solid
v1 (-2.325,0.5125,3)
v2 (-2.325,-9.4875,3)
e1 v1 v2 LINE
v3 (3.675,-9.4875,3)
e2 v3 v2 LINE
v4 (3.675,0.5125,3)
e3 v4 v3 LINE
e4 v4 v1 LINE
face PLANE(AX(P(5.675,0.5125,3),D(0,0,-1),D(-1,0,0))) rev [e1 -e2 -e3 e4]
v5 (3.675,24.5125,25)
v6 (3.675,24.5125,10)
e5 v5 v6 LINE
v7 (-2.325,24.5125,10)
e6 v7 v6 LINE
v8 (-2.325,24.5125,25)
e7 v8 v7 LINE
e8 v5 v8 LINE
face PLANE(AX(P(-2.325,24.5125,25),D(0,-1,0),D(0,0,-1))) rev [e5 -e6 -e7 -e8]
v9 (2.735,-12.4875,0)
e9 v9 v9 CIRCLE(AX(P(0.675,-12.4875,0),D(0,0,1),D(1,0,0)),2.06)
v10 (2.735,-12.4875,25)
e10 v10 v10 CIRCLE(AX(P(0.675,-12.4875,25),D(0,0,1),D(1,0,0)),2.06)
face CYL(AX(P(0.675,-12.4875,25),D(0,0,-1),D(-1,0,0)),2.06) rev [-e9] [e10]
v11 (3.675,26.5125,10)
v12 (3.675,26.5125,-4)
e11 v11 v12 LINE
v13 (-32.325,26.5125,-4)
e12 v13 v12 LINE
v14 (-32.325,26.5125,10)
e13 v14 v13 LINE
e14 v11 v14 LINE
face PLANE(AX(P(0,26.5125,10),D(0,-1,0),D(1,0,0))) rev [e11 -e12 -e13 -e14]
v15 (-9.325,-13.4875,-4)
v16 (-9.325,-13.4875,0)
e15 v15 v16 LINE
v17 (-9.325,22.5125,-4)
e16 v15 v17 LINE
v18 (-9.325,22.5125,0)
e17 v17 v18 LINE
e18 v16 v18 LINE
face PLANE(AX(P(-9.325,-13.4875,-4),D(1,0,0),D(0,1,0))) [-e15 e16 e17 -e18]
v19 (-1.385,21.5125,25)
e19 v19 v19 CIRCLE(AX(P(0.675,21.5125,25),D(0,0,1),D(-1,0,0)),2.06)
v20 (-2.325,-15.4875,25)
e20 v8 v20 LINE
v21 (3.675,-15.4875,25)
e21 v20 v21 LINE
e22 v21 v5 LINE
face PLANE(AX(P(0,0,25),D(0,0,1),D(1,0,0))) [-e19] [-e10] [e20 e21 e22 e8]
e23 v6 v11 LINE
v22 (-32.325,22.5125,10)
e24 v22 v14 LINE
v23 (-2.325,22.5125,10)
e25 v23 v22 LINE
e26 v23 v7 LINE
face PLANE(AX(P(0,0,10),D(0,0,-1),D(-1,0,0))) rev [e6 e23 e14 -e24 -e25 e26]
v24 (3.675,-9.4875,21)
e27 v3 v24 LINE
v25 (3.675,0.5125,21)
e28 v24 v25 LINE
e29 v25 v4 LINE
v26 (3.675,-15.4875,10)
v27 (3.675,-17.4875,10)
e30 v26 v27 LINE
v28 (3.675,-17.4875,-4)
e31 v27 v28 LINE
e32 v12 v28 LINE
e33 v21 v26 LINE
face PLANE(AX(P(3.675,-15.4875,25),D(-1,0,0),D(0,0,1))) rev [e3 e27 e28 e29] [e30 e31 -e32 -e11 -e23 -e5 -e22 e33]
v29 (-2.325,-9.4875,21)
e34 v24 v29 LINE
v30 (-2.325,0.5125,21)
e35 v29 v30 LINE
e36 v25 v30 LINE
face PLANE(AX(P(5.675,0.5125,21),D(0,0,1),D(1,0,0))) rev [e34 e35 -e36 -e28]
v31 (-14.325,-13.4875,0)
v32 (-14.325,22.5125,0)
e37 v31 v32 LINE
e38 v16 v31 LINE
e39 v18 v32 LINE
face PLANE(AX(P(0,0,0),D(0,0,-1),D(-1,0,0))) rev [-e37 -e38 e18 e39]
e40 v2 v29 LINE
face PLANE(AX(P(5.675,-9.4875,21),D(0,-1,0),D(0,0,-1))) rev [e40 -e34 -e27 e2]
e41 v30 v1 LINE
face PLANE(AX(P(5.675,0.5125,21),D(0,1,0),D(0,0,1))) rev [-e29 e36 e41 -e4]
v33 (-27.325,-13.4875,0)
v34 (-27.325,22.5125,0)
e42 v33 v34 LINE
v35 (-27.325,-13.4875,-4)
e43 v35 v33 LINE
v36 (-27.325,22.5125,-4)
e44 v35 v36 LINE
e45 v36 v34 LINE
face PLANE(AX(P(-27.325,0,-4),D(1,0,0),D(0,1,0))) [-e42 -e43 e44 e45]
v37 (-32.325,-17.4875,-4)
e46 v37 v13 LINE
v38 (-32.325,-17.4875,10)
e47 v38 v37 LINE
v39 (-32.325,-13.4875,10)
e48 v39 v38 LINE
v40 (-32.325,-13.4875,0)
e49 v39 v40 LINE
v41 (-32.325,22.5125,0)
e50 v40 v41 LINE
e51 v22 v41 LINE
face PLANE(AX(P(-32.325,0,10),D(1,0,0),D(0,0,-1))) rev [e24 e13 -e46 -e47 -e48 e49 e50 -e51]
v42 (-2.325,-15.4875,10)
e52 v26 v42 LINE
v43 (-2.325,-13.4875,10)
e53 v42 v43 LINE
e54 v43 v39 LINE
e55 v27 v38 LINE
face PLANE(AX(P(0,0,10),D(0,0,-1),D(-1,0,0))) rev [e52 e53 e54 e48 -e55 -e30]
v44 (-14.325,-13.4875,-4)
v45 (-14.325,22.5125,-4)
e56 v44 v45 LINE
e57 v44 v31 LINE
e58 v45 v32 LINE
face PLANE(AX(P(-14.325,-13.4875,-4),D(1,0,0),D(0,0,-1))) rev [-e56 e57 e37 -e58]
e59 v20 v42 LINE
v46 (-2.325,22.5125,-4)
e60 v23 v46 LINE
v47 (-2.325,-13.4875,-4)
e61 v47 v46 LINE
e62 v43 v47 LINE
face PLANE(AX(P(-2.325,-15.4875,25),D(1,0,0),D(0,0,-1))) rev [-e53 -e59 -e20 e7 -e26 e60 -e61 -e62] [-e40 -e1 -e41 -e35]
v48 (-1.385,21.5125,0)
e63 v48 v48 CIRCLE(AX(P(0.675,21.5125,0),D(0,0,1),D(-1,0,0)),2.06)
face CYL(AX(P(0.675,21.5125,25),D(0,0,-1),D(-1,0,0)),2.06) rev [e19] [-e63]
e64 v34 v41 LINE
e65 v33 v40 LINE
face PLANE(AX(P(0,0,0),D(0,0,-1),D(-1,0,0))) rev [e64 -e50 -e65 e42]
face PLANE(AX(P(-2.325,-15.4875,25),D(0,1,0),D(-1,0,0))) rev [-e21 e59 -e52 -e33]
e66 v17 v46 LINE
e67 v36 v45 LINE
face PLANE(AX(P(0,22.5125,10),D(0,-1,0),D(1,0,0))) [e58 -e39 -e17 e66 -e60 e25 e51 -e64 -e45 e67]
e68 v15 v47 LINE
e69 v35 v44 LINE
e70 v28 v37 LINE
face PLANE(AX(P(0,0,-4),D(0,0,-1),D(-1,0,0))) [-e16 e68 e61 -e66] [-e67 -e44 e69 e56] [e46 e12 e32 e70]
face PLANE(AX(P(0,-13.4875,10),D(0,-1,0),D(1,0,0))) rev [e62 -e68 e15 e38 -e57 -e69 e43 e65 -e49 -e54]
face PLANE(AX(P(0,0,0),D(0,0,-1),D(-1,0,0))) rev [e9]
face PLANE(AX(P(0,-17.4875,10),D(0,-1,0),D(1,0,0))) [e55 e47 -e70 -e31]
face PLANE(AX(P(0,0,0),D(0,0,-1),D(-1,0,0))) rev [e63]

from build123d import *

# Parameters (mm, degrees)
SKETCH1_W           = 40
SKETCH1_H           = 6
SKETCH1_R           = 2.06
BOSS_EXTRUDE1_DEPTH = 25
BOSS_EXTRUDE2_DEPTH = 10
BOSS_EXTRUDE4_START = 4
SKETCH4_W           = 5
SKETCH4_H           = 36
BOSS_EXTRUDE4_DEPTH = 4
SKETCH5_W           = 10
SKETCH5_H           = 18
CUT_EXTRUDE1_DEPTH  = 8


with BuildPart() as part:
    # Sketch1 → Boss-Extrude1 (new body)
    with BuildSketch(Plane(origin=(0, 0, 0), x_dir=(0, 1, 0), z_dir=(0, 0, 1))):
        with Locations((4.5125, -0.675)):
            Rectangle(SKETCH1_W, SKETCH1_H)
        with Locations(Location((-12.4875, -0.675, 0), (0, 0, 270))):
            Circle(SKETCH1_R, mode=Mode.SUBTRACT)
        with Locations(Location((21.5125, -0.675, 0), (0, 0, 90))):
            Circle(SKETCH1_R, mode=Mode.SUBTRACT)
    extrude(amount=BOSS_EXTRUDE1_DEPTH)

    # Sketch2 → Boss-Extrude2 (add)
    with BuildSketch(Plane(origin=(0, 0, 0), x_dir=(1, 0, 0), z_dir=(0, 0, -1))):
        Polygon((-2.325, 15.4875), (3.675, 15.4875), (3.675, 17.4875), (-32.325, 17.4875), (-32.325, 13.4875), (-2.325, 13.4875), align=None)
        Polygon((3.675, -26.5125), (3.675, -24.5125), (-2.325, -24.5125), (-2.325, -22.5125), (-32.325, -22.5125), (-32.325, -26.5125), align=None)
    extrude(amount=-BOSS_EXTRUDE2_DEPTH)

    # Sketch4 → Boss-Extrude4 (add)
    with BuildSketch(Plane(origin=(0, 0, 0), x_dir=(1, 0, 0), z_dir=(0, 0, -1)).offset(BOSS_EXTRUDE4_START)):
        with BuildLine():
            Line((3.675, 17.4875), (-32.325, 17.4875))
            Line((-32.325, 17.4875), (-32.325, 13.4875))
            Line((-32.325, 13.4875), (-27.325, 13.4875))
            Line((-27.325, 13.4875), (-14.325, 13.4875))
            Line((-14.325, 13.4875), (-9.325, 13.4875))
            Line((-9.325, 13.4875), (-2.325, 13.4875))
            Line((-2.325, 13.4875), (-1.125999722, 13.4875))
            ThreePointArc((-1.125999722, 13.4875), (0.675, 14.5475), (2.475999722, 13.4875))
            Line((2.475999722, 13.4875), (3.675, 13.4875))
            Line((3.675, 13.4875), (3.675, 17.4875))
        make_face()
        with BuildLine():
            ThreePointArc((2.735, 12.4875), (2.669199016, 13.003998099), (2.475999722, 13.4875))
            Line((2.475999722, 13.4875), (-1.125999722, 13.4875))
            ThreePointArc((-1.125999722, 13.4875), (0.158501901, 10.493300984), (2.735, 12.4875))
        make_face()
        with BuildLine():
            Line((-1.125999722, 13.4875), (2.475999722, 13.4875))
            ThreePointArc((2.475999722, 13.4875), (0.675, 14.5475), (-1.125999722, 13.4875))
        make_face()
        with BuildLine():
            Line((3.675, -22.5125), (3.675, 13.4875))
            Line((3.675, 13.4875), (2.475999722, 13.4875))
            ThreePointArc((2.475999722, 13.4875), (2.669199016, 13.003998099), (2.735, 12.4875))
            ThreePointArc((2.735, 12.4875), (0.158501901, 10.493300984), (-1.125999722, 13.4875))
            Line((-1.125999722, 13.4875), (-2.325, 13.4875))
            Line((-2.325, 13.4875), (-2.325, -22.5125))
            Line((-2.325, -22.5125), (-1.125999722, -22.5125))
            ThreePointArc((-1.125999722, -22.5125), (0.158501901, -19.518300984), (2.735, -21.5125))
            ThreePointArc((2.735, -21.5125), (2.669199016, -22.028998099), (2.475999722, -22.5125))
            Line((2.475999722, -22.5125), (3.675, -22.5125))
        make_face()
        with BuildLine():
            ThreePointArc((-1.125999722, -22.5125), (0.675, -23.5725), (2.475999722, -22.5125))
            Line((2.475999722, -22.5125), (-1.125999722, -22.5125))
        make_face()
        with BuildLine():
            Line((-1.125999722, -22.5125), (2.475999722, -22.5125))
            ThreePointArc((2.475999722, -22.5125), (2.669199016, -22.028998099), (2.735, -21.5125))
            ThreePointArc((2.735, -21.5125), (0.158501901, -19.518300984), (-1.125999722, -22.5125))
        make_face()
        with BuildLine():
            Line((-27.325, -22.5125), (-32.325, -22.5125))
            Line((-32.325, -22.5125), (-32.325, -26.5125))
            Line((-32.325, -26.5125), (3.675, -26.5125))
            Line((3.675, -26.5125), (3.675, -22.5125))
            Line((3.675, -22.5125), (2.475999722, -22.5125))
            ThreePointArc((2.475999722, -22.5125), (0.675, -23.5725), (-1.125999722, -22.5125))
            Line((-1.125999722, -22.5125), (-2.325, -22.5125))
            Line((-2.325, -22.5125), (-9.325, -22.5125))
            Line((-9.325, -22.5125), (-14.325, -22.5125))
            Line((-14.325, -22.5125), (-27.325, -22.5125))
        make_face()
        with Locations((-29.825, -4.5125)):
            Rectangle(SKETCH4_W, SKETCH4_H)
        with Locations((-11.825, -4.5125)):
            Rectangle(SKETCH4_W, SKETCH4_H)
    extrude(amount=-BOSS_EXTRUDE4_DEPTH)

    # Sketch5 → Cut-Extrude1 (cut)
    with BuildSketch(Plane(origin=(-2.325, 0, 0), x_dir=(0, -1, 0), z_dir=(-1, 0, 0))):
        with Locations((4.4875, 12)):
            Rectangle(SKETCH5_W, SKETCH5_H)
    extrude(amount=-CUT_EXTRUDE1_DEPTH, mode=Mode.SUBTRACT)


solid = part.part
